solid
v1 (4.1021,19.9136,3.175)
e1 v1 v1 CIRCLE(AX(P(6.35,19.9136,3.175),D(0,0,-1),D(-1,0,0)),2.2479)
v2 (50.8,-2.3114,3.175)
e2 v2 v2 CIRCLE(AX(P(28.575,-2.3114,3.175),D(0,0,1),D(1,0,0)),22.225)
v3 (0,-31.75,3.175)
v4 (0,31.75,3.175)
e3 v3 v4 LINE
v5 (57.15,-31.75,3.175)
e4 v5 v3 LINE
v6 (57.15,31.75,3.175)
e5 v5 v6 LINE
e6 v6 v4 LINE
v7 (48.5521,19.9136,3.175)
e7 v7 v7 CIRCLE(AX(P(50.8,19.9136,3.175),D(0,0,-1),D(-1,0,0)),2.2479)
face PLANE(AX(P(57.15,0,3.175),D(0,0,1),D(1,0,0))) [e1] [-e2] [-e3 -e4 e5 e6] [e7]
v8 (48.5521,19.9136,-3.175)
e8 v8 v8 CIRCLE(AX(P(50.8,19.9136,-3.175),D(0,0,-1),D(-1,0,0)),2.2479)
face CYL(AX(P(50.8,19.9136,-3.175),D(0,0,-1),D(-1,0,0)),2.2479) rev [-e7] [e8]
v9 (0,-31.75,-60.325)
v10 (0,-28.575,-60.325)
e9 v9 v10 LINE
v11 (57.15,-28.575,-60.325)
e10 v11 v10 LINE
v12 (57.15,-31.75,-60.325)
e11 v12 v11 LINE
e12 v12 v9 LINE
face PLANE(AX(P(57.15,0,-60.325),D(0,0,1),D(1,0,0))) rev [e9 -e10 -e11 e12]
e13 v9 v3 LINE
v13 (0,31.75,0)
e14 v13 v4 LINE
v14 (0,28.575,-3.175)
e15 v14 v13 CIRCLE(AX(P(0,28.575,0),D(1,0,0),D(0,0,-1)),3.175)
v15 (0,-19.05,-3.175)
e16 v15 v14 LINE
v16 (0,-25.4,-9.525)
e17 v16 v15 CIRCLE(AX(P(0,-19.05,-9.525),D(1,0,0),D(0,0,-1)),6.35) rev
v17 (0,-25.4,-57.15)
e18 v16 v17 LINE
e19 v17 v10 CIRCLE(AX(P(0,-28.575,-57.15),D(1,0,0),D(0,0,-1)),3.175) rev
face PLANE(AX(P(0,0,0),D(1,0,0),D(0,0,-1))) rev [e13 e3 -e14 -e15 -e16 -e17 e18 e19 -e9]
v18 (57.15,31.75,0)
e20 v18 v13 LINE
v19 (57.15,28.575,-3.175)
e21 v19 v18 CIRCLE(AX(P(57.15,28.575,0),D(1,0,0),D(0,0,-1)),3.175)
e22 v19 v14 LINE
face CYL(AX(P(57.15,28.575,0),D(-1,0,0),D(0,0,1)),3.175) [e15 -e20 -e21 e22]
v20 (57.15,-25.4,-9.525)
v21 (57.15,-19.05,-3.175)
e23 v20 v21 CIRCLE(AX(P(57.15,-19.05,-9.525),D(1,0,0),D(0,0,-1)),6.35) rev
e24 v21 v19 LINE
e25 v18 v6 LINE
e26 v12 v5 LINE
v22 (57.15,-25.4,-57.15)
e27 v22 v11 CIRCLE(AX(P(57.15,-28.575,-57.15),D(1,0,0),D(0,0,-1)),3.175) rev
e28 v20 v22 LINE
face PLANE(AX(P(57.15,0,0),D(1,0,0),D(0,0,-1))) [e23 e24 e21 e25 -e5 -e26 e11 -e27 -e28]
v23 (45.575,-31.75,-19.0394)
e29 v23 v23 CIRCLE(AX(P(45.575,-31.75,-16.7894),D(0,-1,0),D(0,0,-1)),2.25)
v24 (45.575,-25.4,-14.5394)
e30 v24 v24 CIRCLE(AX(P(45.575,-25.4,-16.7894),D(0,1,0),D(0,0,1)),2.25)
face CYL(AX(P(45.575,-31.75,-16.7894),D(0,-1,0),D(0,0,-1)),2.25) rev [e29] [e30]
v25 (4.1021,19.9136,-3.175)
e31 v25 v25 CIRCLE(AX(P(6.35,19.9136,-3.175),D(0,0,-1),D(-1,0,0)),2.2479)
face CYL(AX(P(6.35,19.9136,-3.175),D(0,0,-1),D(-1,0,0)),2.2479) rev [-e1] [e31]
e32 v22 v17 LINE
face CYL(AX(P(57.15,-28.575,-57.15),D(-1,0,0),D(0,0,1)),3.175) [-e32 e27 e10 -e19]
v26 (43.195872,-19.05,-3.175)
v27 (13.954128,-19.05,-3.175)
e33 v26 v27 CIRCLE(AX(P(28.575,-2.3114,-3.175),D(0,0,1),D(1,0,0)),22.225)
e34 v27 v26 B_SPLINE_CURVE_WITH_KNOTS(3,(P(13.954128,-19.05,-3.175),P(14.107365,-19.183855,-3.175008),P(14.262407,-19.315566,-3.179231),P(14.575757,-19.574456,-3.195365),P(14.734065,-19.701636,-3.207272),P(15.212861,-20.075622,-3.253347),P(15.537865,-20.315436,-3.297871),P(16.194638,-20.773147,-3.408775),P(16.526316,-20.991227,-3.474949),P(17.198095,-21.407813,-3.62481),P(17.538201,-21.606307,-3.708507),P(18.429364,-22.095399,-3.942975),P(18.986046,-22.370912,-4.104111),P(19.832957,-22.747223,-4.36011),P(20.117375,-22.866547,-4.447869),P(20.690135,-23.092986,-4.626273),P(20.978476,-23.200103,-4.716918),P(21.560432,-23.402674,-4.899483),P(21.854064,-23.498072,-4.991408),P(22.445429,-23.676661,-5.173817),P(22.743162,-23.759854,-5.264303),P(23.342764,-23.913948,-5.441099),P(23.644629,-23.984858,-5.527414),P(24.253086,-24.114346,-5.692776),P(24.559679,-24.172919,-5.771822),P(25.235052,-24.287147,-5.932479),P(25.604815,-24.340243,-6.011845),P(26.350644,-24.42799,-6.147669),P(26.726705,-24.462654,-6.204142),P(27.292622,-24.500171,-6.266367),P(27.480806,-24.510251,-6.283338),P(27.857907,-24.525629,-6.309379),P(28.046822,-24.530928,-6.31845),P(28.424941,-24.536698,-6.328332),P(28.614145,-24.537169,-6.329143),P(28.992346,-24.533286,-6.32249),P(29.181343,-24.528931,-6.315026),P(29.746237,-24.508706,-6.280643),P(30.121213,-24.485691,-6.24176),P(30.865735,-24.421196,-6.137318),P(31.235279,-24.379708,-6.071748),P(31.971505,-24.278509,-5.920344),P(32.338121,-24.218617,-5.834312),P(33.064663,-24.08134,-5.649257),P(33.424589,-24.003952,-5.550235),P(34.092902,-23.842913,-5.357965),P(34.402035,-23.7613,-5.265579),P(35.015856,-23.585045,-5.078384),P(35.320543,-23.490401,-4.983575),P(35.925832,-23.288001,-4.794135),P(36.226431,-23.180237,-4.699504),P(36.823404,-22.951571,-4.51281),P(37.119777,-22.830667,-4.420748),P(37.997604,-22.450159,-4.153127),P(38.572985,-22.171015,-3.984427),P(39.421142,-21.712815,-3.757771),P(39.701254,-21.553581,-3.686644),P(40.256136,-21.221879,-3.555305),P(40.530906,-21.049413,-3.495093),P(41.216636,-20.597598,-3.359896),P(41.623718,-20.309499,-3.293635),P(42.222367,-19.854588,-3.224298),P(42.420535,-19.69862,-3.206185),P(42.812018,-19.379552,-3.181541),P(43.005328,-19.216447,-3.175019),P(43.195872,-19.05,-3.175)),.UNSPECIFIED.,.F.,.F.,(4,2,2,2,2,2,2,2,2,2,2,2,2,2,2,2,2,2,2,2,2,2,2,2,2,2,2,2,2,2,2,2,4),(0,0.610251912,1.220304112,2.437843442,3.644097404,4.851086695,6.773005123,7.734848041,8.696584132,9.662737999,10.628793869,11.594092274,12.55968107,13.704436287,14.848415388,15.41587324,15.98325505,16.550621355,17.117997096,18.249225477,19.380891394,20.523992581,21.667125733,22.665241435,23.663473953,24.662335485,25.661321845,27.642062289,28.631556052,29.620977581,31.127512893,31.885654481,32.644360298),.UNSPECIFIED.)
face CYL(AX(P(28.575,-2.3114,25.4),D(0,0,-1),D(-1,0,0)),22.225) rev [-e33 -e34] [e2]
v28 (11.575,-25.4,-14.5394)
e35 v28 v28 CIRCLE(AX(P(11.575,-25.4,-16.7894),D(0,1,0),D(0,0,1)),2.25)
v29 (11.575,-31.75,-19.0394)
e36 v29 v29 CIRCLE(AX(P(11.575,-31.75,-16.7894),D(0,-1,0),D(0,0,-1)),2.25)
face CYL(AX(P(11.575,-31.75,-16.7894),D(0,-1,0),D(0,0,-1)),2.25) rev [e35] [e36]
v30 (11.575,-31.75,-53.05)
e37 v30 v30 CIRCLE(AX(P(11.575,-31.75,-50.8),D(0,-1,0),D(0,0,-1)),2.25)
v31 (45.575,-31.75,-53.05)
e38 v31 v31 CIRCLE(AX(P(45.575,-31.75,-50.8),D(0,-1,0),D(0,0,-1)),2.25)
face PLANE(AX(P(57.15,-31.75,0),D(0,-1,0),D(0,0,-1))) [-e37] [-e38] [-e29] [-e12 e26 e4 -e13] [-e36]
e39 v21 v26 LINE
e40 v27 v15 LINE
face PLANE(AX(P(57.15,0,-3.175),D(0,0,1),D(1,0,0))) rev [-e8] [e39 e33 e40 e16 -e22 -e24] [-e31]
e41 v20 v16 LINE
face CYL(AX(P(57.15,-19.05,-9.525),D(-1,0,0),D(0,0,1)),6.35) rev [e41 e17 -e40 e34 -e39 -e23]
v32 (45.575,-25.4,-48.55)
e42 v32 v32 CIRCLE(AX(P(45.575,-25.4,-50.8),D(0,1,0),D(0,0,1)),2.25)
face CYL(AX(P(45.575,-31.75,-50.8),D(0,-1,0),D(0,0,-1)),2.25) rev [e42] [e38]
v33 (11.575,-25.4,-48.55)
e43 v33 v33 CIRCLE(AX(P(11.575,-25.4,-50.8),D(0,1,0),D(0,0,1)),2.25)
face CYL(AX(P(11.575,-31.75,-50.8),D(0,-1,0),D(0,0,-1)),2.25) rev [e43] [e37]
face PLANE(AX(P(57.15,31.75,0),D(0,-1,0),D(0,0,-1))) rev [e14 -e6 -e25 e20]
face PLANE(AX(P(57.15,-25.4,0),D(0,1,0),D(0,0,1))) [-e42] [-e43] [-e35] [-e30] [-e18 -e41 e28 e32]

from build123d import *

# Parameters (mm, degrees)
BOSS_EXTRUDE1_DEPTH   = 57.15
M4_CLEARANCE_HOLE1_D  = 4.5
SKETCH7_R             = 22.225
CUT_EXTRUDE1_DEPTH    = 28.575
F_8_CLEARANCE_HOLE1_D = 4.4958


with BuildPart() as part:
    # Sketch1 → Boss-Extrude1 (new body)
    with BuildSketch(Plane(origin=(0, 0, 0), x_dir=(0, 0, -1), z_dir=(1, 0, 0))):
        with BuildLine():
            Line((3.175, -19.05), (3.175, 28.575))
            ThreePointArc((3.175, 28.575), (2.24506403, 30.82006403), (0, 31.75))
            Line((0, 31.75), (-3.175, 31.75))
            Line((-3.175, 31.75), (-3.175, -31.75))
            Line((-3.175, -31.75), (60.325, -31.75))
            Line((60.325, -31.75), (60.325, -28.575))
            ThreePointArc((60.325, -28.575), (59.39506403, -26.32993597), (57.15, -25.4))
            Line((57.15, -25.4), (9.525, -25.4))
            ThreePointArc((9.525, -25.4), (5.034871939, -23.540128061), (3.175, -19.05))
        make_face()
    extrude(amount=BOSS_EXTRUDE1_DEPTH)

    # M4 Clearance Hole1 (through all)
    with Locations(Plane(origin=(0, -31.75, 0), x_dir=(-1, 0, 0), z_dir=(0, -1, 0))):
        with Locations((-45.575, 50.8), (-11.575, 50.8), (-11.575, 16.7894), (-45.575, 16.7894)):
            Hole(M4_CLEARANCE_HOLE1_D / 2)

    # Sketch7 → Cut-Extrude1 (cut, symmetric)
    with BuildSketch(Plane(origin=(0, 0, -3.175), x_dir=(-1, 0, 0), z_dir=(0, 0, -1))):
        with Locations(Location((-28.575, -2.3114, 0), (0, 0, 311.136639748))):  # turned: the seam where the file's is
            Circle(SKETCH7_R)
    extrude(amount=CUT_EXTRUDE1_DEPTH, both=True, mode=Mode.SUBTRACT)

    # #8 Clearance Hole1 (through all)
    with Locations(Plane(origin=(0, 0, -3.175), x_dir=(-1, 0, 0), z_dir=(0, 0, -1))):
        with Locations((-50.8, 19.9136), (-6.35, 19.9136)):
            Hole(F_8_CLEARANCE_HOLE1_D / 2)


solid = part.part
